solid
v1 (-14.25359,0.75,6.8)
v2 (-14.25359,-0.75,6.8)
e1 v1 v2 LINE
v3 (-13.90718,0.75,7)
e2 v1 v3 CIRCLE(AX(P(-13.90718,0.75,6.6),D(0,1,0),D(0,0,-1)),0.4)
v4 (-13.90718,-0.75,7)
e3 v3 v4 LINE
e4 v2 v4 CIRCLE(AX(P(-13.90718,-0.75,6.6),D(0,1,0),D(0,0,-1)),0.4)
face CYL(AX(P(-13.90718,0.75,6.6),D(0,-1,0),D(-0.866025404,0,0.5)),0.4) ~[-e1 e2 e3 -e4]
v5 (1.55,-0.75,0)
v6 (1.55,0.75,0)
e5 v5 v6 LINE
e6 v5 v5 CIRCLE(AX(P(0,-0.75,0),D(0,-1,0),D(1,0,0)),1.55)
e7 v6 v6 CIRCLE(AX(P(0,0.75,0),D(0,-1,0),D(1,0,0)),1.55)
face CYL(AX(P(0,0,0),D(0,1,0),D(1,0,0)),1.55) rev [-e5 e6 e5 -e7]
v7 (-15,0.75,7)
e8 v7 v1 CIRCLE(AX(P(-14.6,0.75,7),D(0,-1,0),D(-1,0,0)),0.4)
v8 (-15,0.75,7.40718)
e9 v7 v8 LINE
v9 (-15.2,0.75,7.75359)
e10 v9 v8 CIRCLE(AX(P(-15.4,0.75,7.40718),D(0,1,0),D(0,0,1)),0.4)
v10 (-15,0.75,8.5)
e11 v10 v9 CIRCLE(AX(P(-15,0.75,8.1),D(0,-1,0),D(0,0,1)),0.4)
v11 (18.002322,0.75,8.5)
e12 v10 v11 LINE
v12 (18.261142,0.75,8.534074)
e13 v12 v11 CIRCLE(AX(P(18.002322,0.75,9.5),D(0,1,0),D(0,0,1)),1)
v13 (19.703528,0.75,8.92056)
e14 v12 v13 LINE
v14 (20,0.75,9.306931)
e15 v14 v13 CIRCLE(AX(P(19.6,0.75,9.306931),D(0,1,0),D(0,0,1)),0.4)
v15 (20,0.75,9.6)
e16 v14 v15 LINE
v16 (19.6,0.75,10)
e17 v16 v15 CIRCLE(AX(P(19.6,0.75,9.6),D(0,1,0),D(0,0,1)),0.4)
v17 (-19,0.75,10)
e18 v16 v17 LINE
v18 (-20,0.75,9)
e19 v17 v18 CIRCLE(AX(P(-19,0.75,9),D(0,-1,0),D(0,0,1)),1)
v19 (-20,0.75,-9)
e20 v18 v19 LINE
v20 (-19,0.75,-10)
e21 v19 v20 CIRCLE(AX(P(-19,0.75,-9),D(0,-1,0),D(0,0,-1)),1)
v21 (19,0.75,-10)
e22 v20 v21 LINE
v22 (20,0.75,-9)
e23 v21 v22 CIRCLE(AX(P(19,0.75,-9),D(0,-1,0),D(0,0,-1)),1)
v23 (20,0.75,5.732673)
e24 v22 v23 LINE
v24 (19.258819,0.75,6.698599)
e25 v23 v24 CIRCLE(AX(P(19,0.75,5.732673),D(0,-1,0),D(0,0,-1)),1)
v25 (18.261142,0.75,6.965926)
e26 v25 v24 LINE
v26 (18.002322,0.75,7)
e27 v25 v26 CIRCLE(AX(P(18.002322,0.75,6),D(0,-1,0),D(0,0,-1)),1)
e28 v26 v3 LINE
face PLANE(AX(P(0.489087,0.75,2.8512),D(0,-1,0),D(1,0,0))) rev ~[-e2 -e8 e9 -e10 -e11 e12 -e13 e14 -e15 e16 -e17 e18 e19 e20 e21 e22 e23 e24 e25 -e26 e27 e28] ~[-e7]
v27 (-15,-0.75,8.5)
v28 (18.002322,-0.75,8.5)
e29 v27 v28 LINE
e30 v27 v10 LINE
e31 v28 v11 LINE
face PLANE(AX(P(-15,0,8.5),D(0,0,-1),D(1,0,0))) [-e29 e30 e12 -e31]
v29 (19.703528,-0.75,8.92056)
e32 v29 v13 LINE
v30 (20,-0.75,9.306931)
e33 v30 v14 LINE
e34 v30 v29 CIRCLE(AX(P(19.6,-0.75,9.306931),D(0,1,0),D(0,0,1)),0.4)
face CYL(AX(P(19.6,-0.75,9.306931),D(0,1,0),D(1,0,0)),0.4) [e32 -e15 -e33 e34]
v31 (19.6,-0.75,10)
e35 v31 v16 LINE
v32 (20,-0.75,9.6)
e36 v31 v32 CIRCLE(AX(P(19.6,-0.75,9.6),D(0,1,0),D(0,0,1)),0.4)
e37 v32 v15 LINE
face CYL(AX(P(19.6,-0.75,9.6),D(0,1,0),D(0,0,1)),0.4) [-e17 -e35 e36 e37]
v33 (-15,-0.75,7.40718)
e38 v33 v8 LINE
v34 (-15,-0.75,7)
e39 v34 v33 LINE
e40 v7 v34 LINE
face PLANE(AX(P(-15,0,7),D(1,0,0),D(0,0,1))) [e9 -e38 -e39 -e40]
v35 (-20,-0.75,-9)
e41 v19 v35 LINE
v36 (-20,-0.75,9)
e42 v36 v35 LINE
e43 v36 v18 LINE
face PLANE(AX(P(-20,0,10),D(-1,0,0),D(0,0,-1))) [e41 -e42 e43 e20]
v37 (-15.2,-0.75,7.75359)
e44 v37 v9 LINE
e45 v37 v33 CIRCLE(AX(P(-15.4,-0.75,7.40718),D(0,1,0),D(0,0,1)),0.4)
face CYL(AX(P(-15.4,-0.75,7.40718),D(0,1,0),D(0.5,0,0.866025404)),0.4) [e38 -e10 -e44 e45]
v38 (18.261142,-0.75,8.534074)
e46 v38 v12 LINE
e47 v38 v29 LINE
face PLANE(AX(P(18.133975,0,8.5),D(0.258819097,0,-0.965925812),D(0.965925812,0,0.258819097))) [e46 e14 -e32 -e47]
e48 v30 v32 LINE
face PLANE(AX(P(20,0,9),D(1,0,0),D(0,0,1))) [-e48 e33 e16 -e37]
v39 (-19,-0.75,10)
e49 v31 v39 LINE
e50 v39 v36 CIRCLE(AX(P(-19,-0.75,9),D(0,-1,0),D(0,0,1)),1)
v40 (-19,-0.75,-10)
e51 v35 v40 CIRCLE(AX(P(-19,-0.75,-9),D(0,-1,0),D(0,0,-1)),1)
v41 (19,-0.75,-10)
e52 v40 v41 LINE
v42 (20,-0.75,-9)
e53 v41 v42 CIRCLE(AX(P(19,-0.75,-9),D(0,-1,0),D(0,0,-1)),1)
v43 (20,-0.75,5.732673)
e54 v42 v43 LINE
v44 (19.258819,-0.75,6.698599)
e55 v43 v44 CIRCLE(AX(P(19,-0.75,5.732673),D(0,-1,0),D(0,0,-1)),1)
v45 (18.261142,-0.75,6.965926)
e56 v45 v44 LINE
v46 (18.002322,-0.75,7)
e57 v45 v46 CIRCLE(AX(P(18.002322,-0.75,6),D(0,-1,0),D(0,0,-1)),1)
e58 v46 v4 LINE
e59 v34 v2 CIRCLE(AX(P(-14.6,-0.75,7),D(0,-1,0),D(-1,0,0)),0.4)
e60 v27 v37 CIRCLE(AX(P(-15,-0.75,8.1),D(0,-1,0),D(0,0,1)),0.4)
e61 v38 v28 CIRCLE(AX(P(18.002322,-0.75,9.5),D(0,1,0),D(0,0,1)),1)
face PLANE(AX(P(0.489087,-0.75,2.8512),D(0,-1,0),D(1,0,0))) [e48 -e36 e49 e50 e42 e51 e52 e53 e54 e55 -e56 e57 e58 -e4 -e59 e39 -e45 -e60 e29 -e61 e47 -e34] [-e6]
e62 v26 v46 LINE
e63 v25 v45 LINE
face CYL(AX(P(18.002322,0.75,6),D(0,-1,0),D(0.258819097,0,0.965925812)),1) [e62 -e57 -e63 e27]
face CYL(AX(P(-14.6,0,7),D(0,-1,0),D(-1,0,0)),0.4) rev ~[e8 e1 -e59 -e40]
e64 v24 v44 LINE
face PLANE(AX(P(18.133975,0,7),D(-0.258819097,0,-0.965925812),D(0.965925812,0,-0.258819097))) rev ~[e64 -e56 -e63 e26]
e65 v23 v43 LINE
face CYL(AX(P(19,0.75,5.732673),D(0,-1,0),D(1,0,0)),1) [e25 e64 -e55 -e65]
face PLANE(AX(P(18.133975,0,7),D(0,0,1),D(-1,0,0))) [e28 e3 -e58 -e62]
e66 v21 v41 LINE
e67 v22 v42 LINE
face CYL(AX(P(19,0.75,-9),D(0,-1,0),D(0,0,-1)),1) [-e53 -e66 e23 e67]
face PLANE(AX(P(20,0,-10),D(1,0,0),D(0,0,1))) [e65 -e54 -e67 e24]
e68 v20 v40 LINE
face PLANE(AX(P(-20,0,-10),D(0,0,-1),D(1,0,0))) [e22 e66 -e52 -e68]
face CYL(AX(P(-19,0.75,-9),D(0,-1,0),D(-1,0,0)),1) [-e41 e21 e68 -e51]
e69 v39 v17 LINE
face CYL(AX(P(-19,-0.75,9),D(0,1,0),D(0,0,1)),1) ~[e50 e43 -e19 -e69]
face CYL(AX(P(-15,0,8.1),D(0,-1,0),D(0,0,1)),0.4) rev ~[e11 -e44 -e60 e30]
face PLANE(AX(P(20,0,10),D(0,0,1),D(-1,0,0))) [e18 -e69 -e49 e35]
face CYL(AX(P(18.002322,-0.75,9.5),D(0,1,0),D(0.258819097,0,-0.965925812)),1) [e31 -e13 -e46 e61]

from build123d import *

# Parameters (mm, degrees)
SKETCH015_R  = 1.55
PAD012_DEPTH = 0.75
FILLET016_R  = 0.4
FILLET017_R  = 1


with BuildPart() as part:
    # Sketch015 → Pad012 (new body, symmetric)
    with BuildSketch(Plane.XZ):
        with BuildLine():
            Line((-20, 10), (-20, -7))
            Line((-20, -8.5), (-20, -7))
            Line((-20, -8.5), (-20, -10))
            Line((-20, -10), (20, -10))
            Line((20, -10), (20, 6.5))
            Line((18.133975, 7), (20, 6.5))
            Line((18.133975, 7), (-14.2, 7))
            ThreePointArc((-15, 7), (-14.6, 6.6), (-14.2, 7))
            Line((-15, 7), (-15, 7.7))
            ThreePointArc((-15, 8.5), (-15.4, 8.1), (-15, 7.7))
            Line((-15, 8.5), (18.133975, 8.5))
            Line((18.133975, 8.5), (20, 9))
            Line((20, 9), (20, 10))
            Line((20, 10), (-20, 10))
        make_face()
        Circle(SKETCH015_R, mode=Mode.SUBTRACT)
    extrude(amount=PAD012_DEPTH, both=True)

    # Fillet016
    fillet016_edges = [part.edges().sort_by_distance(p)[0] for p in [
        (-15, 0, 7.7),
        (-14.2, 0, 7),
        (20, 0, 9),
        (20, 0, 10),
    ]]
    fillet(fillet016_edges, radius=FILLET016_R)

    # Fillet017
    fillet017_edges = [part.edges().sort_by_distance(p)[0] for p in [
        (-20, 0, 10),
        (-20, 0, -10),
        (20, 0, -10),
        (20, 0, 6.5),
        (18.133975, 0, 7),
        (18.133975, 0, 8.5),
    ]]
    fillet(fillet017_edges, radius=FILLET017_R)


solid = part.part
